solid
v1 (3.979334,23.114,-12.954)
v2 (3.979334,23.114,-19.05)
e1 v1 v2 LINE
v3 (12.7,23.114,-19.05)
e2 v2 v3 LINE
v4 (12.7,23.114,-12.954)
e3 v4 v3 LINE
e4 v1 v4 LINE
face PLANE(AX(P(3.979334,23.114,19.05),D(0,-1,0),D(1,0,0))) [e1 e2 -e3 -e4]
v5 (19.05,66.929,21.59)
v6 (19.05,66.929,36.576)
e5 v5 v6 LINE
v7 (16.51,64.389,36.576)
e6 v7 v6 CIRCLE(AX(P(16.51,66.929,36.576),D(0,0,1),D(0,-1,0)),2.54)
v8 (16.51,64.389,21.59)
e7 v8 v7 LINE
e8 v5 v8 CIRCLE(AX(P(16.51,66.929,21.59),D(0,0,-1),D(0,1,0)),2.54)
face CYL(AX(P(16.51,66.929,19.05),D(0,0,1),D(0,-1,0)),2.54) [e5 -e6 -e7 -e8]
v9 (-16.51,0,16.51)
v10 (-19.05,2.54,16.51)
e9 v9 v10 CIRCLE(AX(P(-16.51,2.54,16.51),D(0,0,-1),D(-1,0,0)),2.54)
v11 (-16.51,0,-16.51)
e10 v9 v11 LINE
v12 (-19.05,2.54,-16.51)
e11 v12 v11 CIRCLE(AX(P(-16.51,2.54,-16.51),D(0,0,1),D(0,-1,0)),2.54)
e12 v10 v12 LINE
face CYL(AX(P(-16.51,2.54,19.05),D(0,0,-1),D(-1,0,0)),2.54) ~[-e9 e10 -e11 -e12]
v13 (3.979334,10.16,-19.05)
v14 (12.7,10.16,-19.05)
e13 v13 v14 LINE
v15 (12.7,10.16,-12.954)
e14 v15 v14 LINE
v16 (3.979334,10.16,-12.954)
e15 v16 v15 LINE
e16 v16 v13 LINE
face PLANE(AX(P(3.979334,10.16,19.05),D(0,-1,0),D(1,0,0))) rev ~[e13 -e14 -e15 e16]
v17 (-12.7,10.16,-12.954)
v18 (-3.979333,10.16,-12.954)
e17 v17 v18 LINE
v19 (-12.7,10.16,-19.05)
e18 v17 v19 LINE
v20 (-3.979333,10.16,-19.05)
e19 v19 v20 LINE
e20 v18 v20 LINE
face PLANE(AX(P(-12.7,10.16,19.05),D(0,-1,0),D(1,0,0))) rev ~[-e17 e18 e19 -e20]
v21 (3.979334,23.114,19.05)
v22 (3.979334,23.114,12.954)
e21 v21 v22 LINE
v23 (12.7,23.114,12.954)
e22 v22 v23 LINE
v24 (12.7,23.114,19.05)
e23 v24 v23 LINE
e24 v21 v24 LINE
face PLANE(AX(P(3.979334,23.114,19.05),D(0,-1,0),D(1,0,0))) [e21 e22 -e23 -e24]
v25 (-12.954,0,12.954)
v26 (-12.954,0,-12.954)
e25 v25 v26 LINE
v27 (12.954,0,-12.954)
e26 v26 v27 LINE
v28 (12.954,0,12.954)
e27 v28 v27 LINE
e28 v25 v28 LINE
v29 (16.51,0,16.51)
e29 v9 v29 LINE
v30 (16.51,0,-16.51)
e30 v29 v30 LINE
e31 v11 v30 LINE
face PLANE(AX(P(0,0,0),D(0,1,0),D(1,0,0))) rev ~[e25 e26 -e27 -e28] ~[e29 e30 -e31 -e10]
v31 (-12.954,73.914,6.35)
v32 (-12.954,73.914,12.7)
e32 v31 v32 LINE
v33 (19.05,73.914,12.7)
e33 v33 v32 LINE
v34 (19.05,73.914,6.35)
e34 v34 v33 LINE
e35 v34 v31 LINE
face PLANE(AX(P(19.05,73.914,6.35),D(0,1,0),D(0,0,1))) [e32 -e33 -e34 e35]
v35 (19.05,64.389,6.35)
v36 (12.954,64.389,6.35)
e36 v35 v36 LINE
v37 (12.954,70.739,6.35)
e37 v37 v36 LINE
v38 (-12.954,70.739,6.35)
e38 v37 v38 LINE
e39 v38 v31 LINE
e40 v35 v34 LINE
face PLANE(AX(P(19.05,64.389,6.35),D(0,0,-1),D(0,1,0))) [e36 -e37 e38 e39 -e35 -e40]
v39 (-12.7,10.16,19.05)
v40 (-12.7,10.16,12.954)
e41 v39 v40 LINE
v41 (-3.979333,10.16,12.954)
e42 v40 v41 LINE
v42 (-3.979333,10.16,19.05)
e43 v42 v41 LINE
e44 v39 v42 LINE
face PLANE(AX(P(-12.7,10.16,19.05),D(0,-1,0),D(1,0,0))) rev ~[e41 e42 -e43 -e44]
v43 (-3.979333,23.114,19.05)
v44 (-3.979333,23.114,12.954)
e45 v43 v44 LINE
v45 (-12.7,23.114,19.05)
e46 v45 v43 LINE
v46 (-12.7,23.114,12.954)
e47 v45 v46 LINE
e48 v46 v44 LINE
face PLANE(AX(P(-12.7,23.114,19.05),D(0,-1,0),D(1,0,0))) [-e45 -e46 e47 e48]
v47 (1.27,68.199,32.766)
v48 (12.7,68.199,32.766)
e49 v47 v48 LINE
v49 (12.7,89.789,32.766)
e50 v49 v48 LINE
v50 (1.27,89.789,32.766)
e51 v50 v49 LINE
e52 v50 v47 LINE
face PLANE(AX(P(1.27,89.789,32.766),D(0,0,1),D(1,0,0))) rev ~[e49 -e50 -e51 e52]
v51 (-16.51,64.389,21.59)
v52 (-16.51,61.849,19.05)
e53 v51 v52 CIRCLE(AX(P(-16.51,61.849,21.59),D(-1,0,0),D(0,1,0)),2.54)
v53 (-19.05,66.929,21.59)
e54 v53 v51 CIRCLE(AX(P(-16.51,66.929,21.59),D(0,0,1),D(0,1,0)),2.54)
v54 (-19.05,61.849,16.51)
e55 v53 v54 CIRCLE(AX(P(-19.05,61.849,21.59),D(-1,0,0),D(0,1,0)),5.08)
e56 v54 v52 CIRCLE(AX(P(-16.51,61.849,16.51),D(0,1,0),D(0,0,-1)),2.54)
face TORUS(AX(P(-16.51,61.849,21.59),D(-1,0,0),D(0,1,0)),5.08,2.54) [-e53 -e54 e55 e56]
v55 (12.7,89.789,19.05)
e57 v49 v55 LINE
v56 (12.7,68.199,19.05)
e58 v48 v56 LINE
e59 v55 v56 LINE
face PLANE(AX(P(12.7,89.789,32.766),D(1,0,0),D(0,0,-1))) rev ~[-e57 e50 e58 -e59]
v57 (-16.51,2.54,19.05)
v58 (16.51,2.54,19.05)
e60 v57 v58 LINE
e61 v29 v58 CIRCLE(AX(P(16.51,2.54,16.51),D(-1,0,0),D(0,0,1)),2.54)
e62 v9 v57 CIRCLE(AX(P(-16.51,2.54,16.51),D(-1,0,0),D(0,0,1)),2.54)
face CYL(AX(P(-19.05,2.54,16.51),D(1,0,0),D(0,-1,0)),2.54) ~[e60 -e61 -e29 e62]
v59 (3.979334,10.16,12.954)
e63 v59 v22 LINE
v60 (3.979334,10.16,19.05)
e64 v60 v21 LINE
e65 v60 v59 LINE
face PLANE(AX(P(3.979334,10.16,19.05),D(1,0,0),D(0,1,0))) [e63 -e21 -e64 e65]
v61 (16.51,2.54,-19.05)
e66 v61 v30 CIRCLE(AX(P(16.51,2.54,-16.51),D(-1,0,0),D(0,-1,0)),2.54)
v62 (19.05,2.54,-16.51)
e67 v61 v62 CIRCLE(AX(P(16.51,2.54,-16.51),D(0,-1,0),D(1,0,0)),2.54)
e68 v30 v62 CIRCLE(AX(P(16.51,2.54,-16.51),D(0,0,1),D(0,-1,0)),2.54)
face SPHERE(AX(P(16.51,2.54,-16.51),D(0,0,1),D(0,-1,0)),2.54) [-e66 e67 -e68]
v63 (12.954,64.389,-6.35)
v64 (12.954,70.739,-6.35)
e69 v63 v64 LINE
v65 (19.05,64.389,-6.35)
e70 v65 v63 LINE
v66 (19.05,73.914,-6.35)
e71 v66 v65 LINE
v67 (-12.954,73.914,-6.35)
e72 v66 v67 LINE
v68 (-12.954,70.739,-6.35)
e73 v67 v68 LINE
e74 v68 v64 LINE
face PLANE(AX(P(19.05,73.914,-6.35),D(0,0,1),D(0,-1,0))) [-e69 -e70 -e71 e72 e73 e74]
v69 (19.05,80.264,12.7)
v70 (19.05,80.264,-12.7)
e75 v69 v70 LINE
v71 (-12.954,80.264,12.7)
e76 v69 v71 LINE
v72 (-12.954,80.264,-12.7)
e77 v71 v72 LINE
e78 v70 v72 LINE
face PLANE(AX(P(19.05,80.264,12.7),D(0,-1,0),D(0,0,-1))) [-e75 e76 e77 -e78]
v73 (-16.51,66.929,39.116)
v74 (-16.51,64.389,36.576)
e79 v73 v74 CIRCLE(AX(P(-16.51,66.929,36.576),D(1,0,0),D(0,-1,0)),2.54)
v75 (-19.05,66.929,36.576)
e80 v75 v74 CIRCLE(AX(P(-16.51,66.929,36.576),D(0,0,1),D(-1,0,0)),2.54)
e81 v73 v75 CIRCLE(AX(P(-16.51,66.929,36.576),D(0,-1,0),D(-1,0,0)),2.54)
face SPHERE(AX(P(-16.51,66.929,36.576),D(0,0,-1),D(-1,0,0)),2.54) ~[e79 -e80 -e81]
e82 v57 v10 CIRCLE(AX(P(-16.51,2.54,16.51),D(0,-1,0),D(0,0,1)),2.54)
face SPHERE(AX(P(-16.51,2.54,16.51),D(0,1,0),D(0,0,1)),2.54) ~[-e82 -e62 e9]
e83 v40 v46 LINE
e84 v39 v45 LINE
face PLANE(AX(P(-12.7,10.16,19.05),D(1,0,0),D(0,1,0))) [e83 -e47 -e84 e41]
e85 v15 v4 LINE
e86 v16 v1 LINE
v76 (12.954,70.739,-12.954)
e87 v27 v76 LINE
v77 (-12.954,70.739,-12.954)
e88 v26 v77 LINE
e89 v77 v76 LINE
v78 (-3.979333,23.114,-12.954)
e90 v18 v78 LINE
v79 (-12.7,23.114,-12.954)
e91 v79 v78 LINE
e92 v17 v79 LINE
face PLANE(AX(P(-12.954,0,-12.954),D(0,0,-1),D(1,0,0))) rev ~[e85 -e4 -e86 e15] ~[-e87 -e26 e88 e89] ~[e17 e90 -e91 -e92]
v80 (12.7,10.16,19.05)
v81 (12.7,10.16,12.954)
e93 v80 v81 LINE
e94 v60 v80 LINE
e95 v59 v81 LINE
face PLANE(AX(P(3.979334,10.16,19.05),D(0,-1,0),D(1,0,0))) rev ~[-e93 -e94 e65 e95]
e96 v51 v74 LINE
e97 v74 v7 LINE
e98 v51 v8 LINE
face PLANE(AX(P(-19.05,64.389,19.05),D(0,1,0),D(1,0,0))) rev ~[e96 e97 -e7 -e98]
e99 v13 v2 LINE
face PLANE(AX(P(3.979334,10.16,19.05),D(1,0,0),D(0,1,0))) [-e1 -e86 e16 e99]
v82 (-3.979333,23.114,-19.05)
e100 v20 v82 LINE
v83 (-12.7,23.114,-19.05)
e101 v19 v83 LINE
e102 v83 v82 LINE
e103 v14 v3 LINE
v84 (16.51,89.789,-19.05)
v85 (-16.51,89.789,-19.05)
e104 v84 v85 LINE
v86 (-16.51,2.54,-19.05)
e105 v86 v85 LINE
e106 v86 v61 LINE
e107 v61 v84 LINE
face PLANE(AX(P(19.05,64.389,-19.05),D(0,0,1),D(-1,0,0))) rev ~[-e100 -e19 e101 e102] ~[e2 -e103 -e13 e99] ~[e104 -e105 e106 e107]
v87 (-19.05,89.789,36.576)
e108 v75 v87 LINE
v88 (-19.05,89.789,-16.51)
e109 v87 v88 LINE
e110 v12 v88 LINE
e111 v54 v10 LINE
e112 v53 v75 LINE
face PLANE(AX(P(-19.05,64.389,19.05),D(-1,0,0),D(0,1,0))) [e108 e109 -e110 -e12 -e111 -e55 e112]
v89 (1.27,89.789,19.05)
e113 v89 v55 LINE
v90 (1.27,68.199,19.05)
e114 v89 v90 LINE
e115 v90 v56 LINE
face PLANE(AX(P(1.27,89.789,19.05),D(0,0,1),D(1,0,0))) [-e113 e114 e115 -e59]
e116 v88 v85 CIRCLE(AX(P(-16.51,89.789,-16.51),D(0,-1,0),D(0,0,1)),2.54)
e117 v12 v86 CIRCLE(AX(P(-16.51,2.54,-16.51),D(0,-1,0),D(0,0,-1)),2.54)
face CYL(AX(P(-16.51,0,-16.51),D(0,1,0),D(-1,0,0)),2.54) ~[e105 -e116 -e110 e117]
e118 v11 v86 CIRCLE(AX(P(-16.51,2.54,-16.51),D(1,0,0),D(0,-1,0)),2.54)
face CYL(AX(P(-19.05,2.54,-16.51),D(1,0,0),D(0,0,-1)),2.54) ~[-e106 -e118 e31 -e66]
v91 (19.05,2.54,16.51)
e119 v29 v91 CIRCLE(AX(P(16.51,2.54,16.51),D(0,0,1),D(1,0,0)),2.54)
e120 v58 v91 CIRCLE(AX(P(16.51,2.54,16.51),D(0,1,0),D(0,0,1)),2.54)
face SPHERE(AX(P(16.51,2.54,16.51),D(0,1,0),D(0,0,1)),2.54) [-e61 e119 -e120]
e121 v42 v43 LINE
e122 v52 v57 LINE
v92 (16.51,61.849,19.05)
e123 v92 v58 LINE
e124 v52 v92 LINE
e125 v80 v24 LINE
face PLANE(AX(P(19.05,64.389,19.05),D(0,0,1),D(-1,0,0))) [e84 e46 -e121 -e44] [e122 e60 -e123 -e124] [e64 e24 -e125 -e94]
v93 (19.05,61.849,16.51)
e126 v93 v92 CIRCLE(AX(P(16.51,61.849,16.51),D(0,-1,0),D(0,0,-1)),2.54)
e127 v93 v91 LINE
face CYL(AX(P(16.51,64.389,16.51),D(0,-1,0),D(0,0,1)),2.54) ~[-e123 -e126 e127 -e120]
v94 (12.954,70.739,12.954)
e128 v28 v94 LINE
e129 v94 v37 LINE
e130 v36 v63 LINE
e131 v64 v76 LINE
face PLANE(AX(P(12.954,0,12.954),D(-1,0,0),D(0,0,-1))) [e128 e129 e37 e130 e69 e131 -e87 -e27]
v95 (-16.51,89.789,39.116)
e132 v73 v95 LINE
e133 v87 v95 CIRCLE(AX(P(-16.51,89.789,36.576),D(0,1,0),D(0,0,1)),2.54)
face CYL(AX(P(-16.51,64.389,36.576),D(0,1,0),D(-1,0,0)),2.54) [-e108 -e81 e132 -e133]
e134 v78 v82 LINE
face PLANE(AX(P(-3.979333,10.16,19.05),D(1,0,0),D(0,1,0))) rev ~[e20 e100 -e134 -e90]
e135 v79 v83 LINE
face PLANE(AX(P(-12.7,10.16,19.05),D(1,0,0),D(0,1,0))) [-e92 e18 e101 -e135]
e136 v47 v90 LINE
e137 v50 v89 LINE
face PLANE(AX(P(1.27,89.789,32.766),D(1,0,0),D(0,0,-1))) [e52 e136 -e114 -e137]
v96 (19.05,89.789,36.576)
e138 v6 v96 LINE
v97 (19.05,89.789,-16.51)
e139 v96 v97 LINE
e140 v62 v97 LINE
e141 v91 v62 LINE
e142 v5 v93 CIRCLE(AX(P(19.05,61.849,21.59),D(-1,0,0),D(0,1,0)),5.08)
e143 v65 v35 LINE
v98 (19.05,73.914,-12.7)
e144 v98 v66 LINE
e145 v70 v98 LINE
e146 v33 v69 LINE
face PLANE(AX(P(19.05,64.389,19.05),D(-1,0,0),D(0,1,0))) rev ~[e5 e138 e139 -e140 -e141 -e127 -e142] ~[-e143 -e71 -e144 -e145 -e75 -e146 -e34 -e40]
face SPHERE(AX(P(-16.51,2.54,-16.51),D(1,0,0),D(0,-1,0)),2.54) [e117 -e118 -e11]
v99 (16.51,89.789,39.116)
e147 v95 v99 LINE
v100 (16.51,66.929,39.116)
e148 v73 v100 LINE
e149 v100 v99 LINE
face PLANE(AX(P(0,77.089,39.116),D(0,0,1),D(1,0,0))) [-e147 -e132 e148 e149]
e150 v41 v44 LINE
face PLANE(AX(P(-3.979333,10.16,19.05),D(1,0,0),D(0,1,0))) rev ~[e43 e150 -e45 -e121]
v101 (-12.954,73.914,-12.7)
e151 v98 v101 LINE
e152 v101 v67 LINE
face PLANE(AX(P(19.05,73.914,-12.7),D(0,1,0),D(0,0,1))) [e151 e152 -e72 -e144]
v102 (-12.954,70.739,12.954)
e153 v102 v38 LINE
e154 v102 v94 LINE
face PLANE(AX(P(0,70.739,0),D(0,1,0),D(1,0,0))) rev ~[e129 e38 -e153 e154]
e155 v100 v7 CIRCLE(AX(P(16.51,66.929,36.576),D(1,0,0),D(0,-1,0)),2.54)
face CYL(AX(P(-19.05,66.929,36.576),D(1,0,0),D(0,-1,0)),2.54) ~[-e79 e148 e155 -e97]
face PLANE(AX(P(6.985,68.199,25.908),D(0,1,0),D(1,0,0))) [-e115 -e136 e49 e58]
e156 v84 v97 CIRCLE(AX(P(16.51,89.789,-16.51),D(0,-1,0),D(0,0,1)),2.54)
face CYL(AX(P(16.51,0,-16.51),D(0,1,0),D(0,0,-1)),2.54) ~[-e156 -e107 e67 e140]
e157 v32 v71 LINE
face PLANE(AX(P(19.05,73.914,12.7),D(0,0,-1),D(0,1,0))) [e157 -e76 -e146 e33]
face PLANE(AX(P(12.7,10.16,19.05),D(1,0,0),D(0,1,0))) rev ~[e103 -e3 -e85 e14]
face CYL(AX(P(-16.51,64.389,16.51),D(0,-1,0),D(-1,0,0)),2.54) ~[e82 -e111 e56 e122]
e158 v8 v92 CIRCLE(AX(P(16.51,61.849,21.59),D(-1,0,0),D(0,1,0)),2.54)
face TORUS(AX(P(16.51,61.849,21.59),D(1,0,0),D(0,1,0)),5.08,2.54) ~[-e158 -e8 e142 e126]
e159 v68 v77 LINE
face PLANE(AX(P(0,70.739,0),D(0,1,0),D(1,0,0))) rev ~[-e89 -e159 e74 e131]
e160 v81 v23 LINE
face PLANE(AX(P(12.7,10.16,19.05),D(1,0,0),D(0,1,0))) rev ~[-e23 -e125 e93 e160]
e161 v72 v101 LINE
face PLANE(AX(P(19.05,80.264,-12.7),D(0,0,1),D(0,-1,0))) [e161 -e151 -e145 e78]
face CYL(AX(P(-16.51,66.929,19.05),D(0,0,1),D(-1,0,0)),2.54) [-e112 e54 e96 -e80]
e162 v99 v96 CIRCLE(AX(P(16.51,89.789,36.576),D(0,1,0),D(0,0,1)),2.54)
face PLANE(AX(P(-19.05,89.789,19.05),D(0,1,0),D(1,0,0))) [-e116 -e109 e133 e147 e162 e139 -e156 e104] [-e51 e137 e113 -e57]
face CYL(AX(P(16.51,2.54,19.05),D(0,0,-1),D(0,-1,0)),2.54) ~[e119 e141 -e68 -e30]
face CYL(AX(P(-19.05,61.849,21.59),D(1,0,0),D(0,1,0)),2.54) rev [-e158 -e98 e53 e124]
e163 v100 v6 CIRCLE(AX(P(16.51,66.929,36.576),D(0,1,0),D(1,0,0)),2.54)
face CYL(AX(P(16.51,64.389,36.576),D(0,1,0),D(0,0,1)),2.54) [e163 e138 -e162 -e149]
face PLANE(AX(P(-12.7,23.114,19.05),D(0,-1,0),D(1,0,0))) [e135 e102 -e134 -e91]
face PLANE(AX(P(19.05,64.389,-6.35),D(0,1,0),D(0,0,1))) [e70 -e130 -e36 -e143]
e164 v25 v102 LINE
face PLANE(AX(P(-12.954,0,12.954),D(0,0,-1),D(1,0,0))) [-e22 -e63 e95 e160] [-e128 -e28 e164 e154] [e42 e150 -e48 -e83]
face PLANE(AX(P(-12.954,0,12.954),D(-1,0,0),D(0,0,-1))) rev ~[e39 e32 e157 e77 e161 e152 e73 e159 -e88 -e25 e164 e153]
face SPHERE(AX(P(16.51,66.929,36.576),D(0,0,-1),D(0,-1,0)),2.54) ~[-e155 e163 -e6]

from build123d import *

# Parameters (mm, degrees)
SKETCH1_W           = 38.1
SKETCH1_H           = 38.1
BOSS_EXTRUDE1_DEPTH = 64.389
SKETCH2_W           = 8.720666582
SKETCH2_H           = 12.954
CUT_EXTRUDE1_DEPTH  = 38.1
SKETCH3_W           = 38.1
SKETCH3_H           = 38.1
BOSS_EXTRUDE2_DEPTH = 25.4
SKETCH1_3_W         = 25.908
SKETCH1_3_H         = 25.908
CUT_EXTRUDE2_DEPTH  = 70.739
CUT_EXTRUDE4_DEPTH  = 32.004
SKETCH7_W           = 38.1
SKETCH7_H           = 25.4
BOSS_EXTRUDE3_DEPTH = 20.066
SKETCH9_W           = 11.43
SKETCH9_H           = 13.716
CUT_EXTRUDE5_DEPTH  = 21.59
FILLET1_R           = 2.54


with BuildPart() as part:
    # Sketch1 → Boss-Extrude1 (new body)
    with BuildSketch(Plane(origin=(0, 0, 0), x_dir=(1, 0, 0), z_dir=(0, 1, 0))):
        Rectangle(SKETCH1_W, SKETCH1_H)
    extrude(amount=BOSS_EXTRUDE1_DEPTH)

    # Sketch2 → Cut-Extrude1 (cut)
    with BuildSketch(Plane.XY.offset(19.05)):
        with Locations((8.339666836, 16.637)):
            Rectangle(SKETCH2_W, SKETCH2_H)
        with Locations((-8.339666709, 16.637)):
            Rectangle(SKETCH2_W, SKETCH2_H)
    extrude(amount=-CUT_EXTRUDE1_DEPTH, mode=Mode.SUBTRACT)

    # Sketch3 → Boss-Extrude2 (add)
    with BuildSketch(Plane(origin=(0, 64.389, 0), x_dir=(-1, 0, 0), z_dir=(0, -1, 0))):
        Rectangle(SKETCH3_W, SKETCH3_H)
    extrude(amount=-BOSS_EXTRUDE2_DEPTH)

    # Sketch1<3> → Cut-Extrude2 (cut)
    with BuildSketch(Plane(origin=(0, 0, 0), x_dir=(1, 0, 0), z_dir=(0, 1, 0))):
        Rectangle(SKETCH1_3_W, SKETCH1_3_H)
    extrude(amount=CUT_EXTRUDE2_DEPTH, mode=Mode.SUBTRACT)

    # Sketch5 → Cut-Extrude4 (cut)
    with BuildSketch(Plane(origin=(19.05, 0, 0), x_dir=(0, 0, -1), z_dir=(1, 0, 0))):
        Polygon((-12.7, 80.264), (12.7, 80.264), (12.7, 73.914), (6.35, 73.914), (6.35, 64.389), (-6.35, 64.389), (-6.35, 73.914), (-12.7, 73.914), align=None)
    extrude(amount=-CUT_EXTRUDE4_DEPTH, mode=Mode.SUBTRACT)

    # Sketch7 → Boss-Extrude3 (add)
    with BuildSketch(Plane.XY.offset(19.05)):
        with Locations((0, 77.089)):
            Rectangle(SKETCH7_W, SKETCH7_H)
    extrude(amount=BOSS_EXTRUDE3_DEPTH)

    # Sketch9 → Cut-Extrude5 (cut)
    with BuildSketch(Plane(origin=(0, 89.789, 0), x_dir=(1, 0, 0), z_dir=(0, 1, 0))):
        with Locations((6.985, -25.908)):
            Rectangle(SKETCH9_W, SKETCH9_H)
    extrude(amount=-CUT_EXTRUDE5_DEPTH, mode=Mode.SUBTRACT)

    # Fillet1
    fillet1_edges = [part.edges().sort_by_distance(p)[0] for p in [
        (19.05, 32.1945, 19.05),
        (-19.05, 32.1945, 19.05),
        (0, 64.389, 19.05),
        (-19.05, 64.389, 29.083),
        (19.05, 64.389, 29.083),
        (-19.05, 77.089, 39.116),
        (0, 64.389, 39.116),
        (19.05, 77.089, 39.116),
        (0, 0, 19.05),
        (19.05, 0, 0),
        (0, 0, -19.05),
        (-19.05, 0, 0),
        (19.05, 44.8945, -19.05),
        (-19.05, 44.8945, -19.05),
    ]]
    fillet(fillet1_edges, radius=FILLET1_R)


solid = part.part
